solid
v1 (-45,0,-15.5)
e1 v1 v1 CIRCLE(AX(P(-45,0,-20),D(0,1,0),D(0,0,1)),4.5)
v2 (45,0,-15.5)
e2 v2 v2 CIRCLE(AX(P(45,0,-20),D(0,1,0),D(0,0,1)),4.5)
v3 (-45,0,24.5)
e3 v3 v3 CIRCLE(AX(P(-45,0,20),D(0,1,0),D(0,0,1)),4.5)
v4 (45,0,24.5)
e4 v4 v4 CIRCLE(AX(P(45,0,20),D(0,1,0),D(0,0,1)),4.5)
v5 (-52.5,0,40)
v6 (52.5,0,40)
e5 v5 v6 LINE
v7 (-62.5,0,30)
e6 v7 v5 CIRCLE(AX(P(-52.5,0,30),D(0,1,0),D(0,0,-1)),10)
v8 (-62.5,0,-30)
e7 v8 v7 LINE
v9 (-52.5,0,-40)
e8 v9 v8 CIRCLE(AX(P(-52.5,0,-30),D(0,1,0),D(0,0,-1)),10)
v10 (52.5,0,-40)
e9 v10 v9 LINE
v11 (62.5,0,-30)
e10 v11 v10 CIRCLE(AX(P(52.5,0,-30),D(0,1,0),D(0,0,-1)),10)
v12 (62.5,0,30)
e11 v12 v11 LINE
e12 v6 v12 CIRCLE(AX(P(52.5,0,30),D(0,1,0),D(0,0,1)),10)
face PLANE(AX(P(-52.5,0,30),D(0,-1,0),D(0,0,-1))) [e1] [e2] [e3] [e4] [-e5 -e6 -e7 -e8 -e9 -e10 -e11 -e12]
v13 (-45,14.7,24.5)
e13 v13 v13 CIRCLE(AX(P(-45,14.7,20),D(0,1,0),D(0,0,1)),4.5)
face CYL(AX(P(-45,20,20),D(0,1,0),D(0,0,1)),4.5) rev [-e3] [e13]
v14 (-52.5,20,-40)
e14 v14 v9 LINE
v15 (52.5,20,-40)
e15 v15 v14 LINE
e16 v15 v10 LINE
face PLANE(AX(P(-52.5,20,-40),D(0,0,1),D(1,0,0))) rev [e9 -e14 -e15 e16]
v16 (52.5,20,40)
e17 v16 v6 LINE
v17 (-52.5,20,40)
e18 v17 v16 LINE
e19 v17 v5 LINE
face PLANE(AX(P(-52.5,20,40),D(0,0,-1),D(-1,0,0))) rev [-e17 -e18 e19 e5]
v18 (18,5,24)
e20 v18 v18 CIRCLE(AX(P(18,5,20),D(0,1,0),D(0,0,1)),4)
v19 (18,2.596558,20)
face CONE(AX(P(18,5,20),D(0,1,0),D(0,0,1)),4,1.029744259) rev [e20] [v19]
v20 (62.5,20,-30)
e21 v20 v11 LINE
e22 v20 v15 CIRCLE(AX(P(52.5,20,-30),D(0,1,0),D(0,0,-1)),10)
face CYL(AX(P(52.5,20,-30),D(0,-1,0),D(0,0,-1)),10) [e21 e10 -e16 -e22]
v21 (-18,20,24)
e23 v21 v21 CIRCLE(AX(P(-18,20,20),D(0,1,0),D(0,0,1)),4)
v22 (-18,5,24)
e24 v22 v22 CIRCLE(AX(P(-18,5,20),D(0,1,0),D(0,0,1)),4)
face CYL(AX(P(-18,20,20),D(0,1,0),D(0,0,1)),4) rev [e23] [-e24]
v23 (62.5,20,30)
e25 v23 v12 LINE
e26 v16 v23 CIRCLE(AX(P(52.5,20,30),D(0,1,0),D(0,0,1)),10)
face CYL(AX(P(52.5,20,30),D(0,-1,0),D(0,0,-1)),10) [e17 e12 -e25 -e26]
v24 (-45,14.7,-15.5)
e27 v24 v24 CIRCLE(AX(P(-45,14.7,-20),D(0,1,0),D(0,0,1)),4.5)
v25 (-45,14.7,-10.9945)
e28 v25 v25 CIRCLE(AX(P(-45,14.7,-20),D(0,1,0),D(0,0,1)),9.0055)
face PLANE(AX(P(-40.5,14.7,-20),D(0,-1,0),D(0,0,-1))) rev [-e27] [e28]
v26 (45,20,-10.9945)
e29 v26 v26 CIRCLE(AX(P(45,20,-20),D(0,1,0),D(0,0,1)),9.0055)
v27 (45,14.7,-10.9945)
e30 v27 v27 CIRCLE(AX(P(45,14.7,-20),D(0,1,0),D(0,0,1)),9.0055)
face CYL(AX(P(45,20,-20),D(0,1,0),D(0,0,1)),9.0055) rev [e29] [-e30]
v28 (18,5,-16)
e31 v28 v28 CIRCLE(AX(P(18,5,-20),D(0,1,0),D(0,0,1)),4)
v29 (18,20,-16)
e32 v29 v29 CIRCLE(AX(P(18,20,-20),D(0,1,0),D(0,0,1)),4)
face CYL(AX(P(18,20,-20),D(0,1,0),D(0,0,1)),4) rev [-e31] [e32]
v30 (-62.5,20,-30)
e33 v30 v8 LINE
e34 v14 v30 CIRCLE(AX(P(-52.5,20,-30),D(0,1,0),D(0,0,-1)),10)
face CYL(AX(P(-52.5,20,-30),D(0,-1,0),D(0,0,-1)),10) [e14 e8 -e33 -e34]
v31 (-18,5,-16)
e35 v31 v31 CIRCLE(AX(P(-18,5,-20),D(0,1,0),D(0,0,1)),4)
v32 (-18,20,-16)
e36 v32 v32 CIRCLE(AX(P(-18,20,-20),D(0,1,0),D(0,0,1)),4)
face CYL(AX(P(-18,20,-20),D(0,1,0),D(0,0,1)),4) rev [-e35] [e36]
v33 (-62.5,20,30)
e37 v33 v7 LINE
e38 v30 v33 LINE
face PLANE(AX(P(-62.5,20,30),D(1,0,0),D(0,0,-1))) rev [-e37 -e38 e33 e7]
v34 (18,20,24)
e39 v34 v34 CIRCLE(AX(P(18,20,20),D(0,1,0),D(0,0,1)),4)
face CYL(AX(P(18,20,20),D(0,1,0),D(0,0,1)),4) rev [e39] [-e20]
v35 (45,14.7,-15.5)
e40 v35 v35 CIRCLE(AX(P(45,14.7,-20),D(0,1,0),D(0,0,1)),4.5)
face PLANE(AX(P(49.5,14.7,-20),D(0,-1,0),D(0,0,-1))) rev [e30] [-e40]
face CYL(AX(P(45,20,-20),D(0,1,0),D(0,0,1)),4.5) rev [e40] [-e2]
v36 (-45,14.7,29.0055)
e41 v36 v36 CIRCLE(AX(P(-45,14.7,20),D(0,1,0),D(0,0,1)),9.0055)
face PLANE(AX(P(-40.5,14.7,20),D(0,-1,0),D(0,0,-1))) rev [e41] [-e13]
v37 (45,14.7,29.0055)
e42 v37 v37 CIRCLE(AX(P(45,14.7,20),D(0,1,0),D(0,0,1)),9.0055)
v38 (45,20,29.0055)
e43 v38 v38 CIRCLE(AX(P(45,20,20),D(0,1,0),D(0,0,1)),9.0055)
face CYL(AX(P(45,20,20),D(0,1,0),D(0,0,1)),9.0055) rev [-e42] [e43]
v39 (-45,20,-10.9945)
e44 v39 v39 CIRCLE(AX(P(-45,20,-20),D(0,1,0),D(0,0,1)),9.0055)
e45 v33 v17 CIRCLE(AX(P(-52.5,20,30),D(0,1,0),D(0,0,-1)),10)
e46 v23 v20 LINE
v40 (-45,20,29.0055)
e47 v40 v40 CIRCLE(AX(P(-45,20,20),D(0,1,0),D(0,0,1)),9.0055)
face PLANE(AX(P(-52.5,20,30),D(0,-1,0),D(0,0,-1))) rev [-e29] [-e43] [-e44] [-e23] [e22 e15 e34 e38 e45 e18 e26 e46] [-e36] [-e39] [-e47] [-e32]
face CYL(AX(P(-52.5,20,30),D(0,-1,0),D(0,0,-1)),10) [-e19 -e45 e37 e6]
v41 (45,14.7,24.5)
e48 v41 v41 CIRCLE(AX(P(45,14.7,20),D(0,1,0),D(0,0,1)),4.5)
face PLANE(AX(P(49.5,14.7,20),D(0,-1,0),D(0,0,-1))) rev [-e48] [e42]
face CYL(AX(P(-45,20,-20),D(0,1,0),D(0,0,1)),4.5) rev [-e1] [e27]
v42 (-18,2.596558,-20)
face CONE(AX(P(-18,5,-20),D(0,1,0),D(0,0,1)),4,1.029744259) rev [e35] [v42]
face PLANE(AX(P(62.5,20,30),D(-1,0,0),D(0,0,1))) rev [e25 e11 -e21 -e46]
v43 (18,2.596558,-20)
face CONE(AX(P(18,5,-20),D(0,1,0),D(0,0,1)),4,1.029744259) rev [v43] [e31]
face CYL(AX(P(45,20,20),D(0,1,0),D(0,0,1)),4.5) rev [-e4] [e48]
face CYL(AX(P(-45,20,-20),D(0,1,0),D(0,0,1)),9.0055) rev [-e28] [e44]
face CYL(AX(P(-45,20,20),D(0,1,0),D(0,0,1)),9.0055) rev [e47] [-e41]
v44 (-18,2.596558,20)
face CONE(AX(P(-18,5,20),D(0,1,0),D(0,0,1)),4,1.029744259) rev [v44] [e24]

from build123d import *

# Parameters (mm, degrees)
DODANIE_WYCI_GNI_CIE1_DEPTH                       = 20
OTWORY_USTALAJ_CE_8_0MM1_D                        = 8
OTWORY_USTALAJ_CE_8_0MM1_DEPTH                    = 15
OTWORY_USTALAJ_CE_8_0MM1_TIP                      = 2.403442476
POG_BIENIE_WALCOWE_POD_M8_RUB_Z_BEM_S_D           = 9
POG_BIENIE_WALCOWE_POD_M8_RUB_Z_BEM_S_CBORE_D     = 18.011
POG_BIENIE_WALCOWE_POD_M8_RUB_Z_BEM_S_CBORE_DEPTH = 5.3


with BuildPart() as part:
    # Szkic1 → Dodanie-wyciągnięcie1 (new body)
    with BuildSketch(Plane(origin=(0, 0, 0), x_dir=(1, 0, 0), z_dir=(0, 1, 0))):
        with BuildLine():
            Line((-52.5, -40), (52.5, -40))
            ThreePointArc((52.5, -40), (59.571067812, -37.071067812), (62.5, -30))
            Line((62.5, -30), (62.5, 30))
            ThreePointArc((62.5, 30), (59.571067812, 37.071067812), (52.5, 40))
            Line((52.5, 40), (-52.5, 40))
            ThreePointArc((-52.5, 40), (-59.571067812, 37.071067812), (-62.5, 30))
            Line((-62.5, 30), (-62.5, -30))
            ThreePointArc((-62.5, -30), (-59.571067812, -37.071067812), (-52.5, -40))
        make_face()
    extrude(amount=DODANIE_WYCI_GNI_CIE1_DEPTH)

    # Otwory ustalające Ø8.0mm1
    with Locations(Plane(origin=(0, 20, 0), x_dir=(1, 0, 0), z_dir=(0, 1, 0))):
        with Locations((-18, -20), (18, -20), (18, 20), (-18, 20)):
            Hole(OTWORY_USTALAJ_CE_8_0MM1_D / 2, depth=OTWORY_USTALAJ_CE_8_0MM1_DEPTH)
            with Locations((0, 0, -(OTWORY_USTALAJ_CE_8_0MM1_DEPTH + OTWORY_USTALAJ_CE_8_0MM1_TIP / 2))):  # 118° drill point
                Cone(0, OTWORY_USTALAJ_CE_8_0MM1_D / 2, OTWORY_USTALAJ_CE_8_0MM1_TIP, mode=Mode.SUBTRACT)

    # Pogłębienie walcowe pod M8 śrubę z łbem szeciokątnym1 (through all)
    with Locations(Plane(origin=(0, 20, 0), x_dir=(1, 0, 0), z_dir=(0, 1, 0))):
        with Locations((-45, 20), (-45, -20), (45, -20), (45, 20)):
            CounterBoreHole(POG_BIENIE_WALCOWE_POD_M8_RUB_Z_BEM_S_D / 2, POG_BIENIE_WALCOWE_POD_M8_RUB_Z_BEM_S_CBORE_D / 2, POG_BIENIE_WALCOWE_POD_M8_RUB_Z_BEM_S_CBORE_DEPTH)


solid = part.part
